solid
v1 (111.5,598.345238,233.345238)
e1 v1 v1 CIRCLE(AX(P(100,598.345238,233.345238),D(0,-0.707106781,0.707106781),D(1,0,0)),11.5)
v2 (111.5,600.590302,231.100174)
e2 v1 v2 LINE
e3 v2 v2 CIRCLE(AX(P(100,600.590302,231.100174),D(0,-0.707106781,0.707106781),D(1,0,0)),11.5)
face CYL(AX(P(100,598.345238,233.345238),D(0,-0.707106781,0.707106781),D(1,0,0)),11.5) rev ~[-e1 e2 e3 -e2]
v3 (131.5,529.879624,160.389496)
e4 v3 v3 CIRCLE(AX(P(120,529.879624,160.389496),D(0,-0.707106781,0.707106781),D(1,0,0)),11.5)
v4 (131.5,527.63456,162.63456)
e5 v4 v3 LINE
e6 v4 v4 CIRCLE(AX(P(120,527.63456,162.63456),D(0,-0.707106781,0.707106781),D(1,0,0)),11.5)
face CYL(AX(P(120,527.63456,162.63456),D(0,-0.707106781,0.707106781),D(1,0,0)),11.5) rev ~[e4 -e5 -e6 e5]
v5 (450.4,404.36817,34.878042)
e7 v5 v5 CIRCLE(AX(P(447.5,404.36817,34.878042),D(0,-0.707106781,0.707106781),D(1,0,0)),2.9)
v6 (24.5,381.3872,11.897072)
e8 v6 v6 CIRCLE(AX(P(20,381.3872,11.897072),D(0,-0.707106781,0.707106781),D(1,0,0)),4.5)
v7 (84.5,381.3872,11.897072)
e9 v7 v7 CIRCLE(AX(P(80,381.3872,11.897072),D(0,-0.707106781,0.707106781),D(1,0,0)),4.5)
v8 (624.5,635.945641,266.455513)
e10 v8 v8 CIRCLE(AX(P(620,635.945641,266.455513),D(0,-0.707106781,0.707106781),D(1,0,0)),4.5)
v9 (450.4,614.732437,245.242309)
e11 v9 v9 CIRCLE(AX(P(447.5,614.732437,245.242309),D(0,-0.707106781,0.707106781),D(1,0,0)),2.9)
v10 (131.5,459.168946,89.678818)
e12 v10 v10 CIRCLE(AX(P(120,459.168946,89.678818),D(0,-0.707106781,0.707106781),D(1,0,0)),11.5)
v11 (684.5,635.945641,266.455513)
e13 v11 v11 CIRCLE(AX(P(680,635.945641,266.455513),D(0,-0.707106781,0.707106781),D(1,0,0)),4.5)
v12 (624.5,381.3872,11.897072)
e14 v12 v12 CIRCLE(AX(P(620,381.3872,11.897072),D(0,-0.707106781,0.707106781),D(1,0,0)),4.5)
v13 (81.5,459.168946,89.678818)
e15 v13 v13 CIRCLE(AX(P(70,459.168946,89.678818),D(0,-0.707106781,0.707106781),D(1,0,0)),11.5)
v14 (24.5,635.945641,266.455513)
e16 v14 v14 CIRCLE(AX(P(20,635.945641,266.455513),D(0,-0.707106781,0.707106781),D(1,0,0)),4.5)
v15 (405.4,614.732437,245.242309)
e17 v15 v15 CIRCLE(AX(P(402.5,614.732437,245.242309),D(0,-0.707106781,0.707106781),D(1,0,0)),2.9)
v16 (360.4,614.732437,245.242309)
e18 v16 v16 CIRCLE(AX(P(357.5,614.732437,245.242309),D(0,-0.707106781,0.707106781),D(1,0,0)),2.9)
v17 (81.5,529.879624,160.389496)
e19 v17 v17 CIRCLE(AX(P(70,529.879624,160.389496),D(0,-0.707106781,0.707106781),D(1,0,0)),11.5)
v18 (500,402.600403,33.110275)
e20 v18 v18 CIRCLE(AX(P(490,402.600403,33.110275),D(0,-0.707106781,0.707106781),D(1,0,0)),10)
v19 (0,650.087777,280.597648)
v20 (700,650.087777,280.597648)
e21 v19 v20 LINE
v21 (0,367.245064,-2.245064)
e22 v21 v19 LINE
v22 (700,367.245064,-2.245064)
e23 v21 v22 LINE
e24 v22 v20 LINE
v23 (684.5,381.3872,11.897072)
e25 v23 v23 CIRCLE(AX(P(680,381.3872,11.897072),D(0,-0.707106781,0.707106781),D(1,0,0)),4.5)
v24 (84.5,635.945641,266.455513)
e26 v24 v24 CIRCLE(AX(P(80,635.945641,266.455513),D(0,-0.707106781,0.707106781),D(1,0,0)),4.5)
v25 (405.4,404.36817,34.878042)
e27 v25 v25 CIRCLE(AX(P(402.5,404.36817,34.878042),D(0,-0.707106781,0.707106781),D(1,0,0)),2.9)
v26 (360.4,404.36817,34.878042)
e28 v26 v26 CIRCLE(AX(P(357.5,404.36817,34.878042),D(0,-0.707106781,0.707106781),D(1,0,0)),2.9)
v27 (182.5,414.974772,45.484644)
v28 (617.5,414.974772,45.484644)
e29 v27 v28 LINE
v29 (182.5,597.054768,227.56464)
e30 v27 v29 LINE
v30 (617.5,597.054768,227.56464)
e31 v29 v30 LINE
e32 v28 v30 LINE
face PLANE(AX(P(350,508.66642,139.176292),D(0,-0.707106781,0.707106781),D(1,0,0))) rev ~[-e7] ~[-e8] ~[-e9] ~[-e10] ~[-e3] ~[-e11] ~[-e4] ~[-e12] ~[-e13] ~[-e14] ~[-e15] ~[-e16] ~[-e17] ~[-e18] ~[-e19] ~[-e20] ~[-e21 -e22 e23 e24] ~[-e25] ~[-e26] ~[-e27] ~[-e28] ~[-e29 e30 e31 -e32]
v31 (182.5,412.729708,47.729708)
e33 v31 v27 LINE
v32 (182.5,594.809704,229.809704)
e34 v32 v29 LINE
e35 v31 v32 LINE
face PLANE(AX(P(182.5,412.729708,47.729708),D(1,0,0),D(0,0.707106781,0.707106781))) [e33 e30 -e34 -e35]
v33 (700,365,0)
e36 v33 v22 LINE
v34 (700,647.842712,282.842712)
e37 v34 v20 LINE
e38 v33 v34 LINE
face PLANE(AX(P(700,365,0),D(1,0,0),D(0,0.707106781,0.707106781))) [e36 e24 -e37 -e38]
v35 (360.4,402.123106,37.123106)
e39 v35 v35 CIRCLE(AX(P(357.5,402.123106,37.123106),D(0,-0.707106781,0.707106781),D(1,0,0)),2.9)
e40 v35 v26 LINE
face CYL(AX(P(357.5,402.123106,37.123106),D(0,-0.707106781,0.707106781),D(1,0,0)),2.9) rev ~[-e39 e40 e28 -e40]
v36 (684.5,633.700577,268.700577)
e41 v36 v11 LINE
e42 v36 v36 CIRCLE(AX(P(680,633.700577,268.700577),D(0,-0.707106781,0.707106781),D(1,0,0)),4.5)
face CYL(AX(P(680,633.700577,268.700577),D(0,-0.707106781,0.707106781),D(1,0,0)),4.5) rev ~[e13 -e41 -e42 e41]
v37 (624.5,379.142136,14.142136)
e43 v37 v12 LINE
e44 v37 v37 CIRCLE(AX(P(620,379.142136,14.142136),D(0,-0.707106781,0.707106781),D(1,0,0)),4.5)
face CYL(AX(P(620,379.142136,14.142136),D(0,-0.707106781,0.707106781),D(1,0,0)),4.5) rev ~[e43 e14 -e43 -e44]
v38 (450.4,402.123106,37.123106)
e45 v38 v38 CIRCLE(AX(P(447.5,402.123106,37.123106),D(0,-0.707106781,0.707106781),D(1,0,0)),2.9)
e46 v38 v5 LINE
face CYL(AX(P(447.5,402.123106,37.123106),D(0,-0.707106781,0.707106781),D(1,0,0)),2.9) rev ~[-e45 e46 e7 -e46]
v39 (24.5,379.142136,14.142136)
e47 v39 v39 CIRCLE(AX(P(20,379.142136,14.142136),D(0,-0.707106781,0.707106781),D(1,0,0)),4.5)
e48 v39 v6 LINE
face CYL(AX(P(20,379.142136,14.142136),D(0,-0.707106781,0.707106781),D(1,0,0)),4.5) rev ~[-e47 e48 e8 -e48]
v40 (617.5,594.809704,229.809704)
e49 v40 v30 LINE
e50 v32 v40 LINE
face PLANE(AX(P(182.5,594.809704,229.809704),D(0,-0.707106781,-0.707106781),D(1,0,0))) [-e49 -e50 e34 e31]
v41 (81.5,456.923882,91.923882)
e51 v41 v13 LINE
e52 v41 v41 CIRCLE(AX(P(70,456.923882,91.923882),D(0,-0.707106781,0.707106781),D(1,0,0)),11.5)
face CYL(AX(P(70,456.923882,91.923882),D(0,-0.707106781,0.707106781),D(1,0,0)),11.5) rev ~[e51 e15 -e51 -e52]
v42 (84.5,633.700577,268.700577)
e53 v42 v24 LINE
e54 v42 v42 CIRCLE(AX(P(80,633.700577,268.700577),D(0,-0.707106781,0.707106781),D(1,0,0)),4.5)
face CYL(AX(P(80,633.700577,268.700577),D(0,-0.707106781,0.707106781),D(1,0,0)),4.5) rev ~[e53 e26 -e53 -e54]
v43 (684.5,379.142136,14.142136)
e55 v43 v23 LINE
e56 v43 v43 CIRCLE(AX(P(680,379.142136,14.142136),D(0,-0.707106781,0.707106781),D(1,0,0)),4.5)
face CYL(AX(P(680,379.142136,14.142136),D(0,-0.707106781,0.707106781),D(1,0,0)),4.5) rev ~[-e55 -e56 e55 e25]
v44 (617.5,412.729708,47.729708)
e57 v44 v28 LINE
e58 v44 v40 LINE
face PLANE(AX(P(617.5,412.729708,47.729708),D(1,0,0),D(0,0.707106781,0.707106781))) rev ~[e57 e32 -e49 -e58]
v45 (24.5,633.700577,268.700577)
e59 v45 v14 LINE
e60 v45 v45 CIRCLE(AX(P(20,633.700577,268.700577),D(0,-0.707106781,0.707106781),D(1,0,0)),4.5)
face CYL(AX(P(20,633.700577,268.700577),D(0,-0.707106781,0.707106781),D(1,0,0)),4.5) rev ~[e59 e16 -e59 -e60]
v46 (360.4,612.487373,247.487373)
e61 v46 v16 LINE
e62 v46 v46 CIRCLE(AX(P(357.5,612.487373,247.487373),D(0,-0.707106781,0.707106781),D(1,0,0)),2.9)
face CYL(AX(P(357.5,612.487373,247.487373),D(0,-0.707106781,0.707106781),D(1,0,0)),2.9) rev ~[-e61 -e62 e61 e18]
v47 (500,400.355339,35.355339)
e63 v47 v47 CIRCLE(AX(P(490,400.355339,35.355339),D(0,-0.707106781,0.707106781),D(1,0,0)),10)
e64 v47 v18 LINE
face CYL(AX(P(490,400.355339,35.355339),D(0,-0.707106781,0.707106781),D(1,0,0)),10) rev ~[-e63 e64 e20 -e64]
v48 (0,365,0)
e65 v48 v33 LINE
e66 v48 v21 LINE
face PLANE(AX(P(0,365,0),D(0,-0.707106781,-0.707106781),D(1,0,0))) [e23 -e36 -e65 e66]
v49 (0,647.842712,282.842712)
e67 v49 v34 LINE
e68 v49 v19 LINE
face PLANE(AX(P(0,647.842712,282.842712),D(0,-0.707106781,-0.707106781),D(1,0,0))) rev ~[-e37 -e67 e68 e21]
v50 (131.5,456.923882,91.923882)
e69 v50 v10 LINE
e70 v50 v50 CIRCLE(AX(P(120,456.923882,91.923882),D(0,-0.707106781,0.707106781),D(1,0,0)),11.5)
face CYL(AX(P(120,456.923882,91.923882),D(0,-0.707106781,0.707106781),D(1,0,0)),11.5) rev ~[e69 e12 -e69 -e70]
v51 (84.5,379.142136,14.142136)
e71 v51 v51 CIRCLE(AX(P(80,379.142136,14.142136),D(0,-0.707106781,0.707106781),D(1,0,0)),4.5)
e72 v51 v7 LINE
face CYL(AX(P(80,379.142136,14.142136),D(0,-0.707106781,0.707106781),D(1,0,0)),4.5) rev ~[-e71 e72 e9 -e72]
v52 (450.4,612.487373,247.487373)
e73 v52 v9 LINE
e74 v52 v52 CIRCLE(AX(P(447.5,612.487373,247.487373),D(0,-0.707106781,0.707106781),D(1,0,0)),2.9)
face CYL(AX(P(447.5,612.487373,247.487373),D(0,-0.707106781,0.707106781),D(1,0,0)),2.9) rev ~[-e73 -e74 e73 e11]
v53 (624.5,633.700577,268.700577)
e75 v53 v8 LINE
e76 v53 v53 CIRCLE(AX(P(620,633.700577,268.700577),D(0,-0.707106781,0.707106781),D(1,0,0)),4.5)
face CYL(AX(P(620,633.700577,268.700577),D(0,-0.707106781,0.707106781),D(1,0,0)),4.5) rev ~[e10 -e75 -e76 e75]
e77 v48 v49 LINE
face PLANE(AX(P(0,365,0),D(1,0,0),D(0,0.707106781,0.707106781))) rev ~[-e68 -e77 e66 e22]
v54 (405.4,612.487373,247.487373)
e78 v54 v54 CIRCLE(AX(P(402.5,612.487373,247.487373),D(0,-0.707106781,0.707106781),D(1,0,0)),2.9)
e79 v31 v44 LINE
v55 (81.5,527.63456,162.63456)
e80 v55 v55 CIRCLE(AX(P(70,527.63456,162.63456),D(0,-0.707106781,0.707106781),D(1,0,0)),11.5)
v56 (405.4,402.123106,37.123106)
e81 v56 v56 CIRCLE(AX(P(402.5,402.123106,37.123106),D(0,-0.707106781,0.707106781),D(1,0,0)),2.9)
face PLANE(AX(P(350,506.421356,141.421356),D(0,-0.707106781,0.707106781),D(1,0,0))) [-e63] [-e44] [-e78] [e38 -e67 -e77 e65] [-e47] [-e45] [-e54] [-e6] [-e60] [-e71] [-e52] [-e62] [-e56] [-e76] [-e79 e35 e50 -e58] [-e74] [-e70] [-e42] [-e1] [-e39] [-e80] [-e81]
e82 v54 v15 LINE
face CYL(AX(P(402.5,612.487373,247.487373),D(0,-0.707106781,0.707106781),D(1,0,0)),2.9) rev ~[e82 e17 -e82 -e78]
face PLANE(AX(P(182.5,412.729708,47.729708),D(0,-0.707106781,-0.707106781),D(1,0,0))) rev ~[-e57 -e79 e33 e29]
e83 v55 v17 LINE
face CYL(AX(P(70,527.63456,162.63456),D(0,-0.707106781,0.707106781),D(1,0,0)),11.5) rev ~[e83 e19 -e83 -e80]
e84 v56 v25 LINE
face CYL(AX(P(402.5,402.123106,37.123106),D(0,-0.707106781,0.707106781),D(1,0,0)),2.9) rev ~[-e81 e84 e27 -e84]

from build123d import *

# Parameters (mm, degrees)
SKETCH034_W          = 700
SKETCH034_H          = 400
SKETCH034_R          = 11.5
SKETCH034_R_2        = 10
SKETCH034_W_2        = 435
SKETCH034_H_2        = 257.5
PAD001_DEPTH         = 3.175
SKETCH044_R          = 2.9
HOLE005_DEPTH        = 25
SKETCH045_R          = 4.5
HOLE006_DEPTH        = 25
BODY_PLACEMENT_ANGLE = 315


with BuildPart() as part:
    # Sketch034 → Pad001 (new body)
    with BuildSketch(Plane.XY):
        with Locations((350, 200)):
            Rectangle(SKETCH034_W, SKETCH034_H)
        with Locations((120, 230)):
            Circle(SKETCH034_R, mode=Mode.SUBTRACT)
        with Locations((100, 330)):
            Circle(SKETCH034_R, mode=Mode.SUBTRACT)
        with Locations((120, 130)):
            Circle(SKETCH034_R, mode=Mode.SUBTRACT)
        with Locations((70, 230)):
            Circle(SKETCH034_R, mode=Mode.SUBTRACT)
        with Locations((490, 50)):
            Circle(SKETCH034_R_2, mode=Mode.SUBTRACT)
        with Locations((70, 130)):
            Circle(SKETCH034_R, mode=Mode.SUBTRACT)
        with Locations((400, 196.25)):
            Rectangle(SKETCH034_W_2, SKETCH034_H_2, mode=Mode.SUBTRACT)
    extrude(amount=-PAD001_DEPTH)

    # Sketch044 → Hole005 (cut)
    with BuildSketch(Plane.XY):
        with Locations((357.5, 350)):
            Circle(SKETCH044_R)
        with Locations((402.5, 350)):
            Circle(SKETCH044_R)
        with Locations((447.5, 350)):
            Circle(SKETCH044_R)
        with Locations((357.5, 52.5)):
            Circle(SKETCH044_R)
        with Locations((402.5, 52.5)):
            Circle(SKETCH044_R)
        with Locations((447.5, 52.5)):
            Circle(SKETCH044_R)
    extrude(amount=-HOLE005_DEPTH, mode=Mode.SUBTRACT)

    # Sketch045 → Hole006 (cut)
    with BuildSketch(Plane.XY):
        with Locations((20, 20)):
            Circle(SKETCH045_R)
        with Locations((680, 20)):
            Circle(SKETCH045_R)
        with Locations((680, 380)):
            Circle(SKETCH045_R)
        with Locations((20, 380)):
            Circle(SKETCH045_R)
        with Locations((80, 20)):
            Circle(SKETCH045_R)
        with Locations((80, 380)):
            Circle(SKETCH045_R)
        with Locations((620, 20)):
            Circle(SKETCH045_R)
        with Locations((620, 380)):
            Circle(SKETCH045_R)
    extrude(amount=-HOLE006_DEPTH, mode=Mode.SUBTRACT)


with BuildPart() as part_1:
    # Body placement: moved
    add(part.part.moved(Location((0, 365, 0))).rotate(Axis((0, 365, 0), (-1, 0, 0)), BODY_PLACEMENT_ANGLE))


solid = part_1.part
